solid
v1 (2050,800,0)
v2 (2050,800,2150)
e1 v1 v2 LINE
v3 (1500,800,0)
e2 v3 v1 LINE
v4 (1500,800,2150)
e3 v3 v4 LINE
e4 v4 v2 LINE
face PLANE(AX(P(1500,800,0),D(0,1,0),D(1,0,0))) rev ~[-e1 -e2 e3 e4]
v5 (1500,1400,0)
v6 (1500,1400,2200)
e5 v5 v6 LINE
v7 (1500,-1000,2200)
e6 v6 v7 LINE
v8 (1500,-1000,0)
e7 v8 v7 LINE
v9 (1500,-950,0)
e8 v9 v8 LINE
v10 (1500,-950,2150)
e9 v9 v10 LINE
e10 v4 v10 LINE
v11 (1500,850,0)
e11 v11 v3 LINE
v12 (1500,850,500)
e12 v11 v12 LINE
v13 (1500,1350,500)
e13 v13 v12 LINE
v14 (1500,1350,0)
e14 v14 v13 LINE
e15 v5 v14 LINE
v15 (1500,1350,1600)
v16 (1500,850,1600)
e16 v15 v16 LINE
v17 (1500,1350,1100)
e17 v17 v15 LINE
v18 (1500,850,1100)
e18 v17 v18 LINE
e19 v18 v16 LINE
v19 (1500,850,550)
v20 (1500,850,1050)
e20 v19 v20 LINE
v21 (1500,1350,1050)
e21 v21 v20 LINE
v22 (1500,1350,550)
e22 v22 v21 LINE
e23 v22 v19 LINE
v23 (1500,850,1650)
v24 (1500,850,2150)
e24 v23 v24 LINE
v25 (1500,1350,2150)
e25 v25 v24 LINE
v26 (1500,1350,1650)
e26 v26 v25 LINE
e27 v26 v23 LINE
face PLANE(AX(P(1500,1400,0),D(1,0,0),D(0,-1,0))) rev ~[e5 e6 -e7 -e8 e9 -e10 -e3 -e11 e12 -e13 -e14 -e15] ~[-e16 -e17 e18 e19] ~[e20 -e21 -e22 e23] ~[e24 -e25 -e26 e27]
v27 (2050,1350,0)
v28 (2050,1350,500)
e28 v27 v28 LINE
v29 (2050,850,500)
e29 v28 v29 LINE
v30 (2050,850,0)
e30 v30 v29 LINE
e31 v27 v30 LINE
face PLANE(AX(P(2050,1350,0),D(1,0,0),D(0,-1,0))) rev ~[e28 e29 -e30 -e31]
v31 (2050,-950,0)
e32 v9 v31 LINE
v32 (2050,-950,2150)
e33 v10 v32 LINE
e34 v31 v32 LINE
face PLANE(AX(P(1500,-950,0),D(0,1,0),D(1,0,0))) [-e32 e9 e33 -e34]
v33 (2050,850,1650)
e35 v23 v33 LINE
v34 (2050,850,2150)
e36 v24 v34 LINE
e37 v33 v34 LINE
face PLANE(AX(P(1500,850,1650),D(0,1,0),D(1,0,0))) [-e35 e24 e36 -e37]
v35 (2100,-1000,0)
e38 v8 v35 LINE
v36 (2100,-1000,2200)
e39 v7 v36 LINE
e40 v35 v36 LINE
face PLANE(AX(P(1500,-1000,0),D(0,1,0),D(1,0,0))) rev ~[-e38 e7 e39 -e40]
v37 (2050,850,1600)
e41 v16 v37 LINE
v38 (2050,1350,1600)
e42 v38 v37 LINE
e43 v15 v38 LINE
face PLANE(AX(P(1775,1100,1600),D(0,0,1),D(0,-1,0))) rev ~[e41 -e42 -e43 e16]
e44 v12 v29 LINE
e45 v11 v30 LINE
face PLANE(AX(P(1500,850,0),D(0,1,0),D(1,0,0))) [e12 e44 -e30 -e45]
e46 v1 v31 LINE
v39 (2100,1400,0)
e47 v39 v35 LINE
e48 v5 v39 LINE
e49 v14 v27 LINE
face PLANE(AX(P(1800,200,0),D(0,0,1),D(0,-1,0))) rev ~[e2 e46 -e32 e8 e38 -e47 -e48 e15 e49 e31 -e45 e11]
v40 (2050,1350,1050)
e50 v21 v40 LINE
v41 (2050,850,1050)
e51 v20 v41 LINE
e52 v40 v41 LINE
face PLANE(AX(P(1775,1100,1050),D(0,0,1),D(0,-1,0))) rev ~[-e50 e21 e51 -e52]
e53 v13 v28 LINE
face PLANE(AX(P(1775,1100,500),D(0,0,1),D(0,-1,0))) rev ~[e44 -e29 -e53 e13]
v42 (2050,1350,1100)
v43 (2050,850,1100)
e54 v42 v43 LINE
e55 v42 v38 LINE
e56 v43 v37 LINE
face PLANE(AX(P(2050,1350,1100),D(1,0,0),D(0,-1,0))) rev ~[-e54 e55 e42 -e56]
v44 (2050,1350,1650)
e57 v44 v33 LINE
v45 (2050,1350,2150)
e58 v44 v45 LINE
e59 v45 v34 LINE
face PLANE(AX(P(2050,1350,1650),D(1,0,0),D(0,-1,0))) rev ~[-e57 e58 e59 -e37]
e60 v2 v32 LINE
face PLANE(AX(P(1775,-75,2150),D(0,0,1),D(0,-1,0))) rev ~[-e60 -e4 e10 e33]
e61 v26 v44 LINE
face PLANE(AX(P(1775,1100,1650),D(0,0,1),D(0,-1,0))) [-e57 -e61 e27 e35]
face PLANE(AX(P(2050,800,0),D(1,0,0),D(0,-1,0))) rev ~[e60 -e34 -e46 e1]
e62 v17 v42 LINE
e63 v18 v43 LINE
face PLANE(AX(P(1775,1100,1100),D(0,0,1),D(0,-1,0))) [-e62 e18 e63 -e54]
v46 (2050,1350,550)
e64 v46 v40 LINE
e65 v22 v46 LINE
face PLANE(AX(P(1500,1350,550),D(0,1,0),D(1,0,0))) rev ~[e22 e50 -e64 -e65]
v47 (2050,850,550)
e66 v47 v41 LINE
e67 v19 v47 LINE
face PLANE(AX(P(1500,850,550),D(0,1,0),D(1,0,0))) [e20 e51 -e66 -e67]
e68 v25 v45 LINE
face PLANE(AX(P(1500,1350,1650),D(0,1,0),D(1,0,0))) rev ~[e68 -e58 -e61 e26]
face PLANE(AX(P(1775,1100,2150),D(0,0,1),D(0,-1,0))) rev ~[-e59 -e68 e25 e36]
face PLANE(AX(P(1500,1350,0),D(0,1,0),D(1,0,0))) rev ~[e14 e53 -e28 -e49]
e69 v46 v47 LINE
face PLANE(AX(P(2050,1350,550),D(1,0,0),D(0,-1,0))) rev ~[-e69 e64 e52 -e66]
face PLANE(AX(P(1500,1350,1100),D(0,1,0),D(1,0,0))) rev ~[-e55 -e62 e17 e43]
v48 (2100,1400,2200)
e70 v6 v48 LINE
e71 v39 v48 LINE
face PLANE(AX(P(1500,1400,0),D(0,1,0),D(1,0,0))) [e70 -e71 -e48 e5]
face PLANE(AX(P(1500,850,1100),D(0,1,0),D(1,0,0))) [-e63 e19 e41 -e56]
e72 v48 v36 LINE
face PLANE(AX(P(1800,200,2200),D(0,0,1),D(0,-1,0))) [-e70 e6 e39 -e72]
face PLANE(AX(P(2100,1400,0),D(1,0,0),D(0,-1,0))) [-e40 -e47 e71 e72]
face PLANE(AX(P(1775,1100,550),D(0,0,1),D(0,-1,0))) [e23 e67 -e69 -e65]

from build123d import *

# Parameters (mm, degrees)
BOX3569_W        = 1750
BOX3569_H        = 550
BOX3569_DEPTH    = 2150
BOX3519_W        = 500
BOX3519_H        = 550
BOX3519_DEPTH    = 500
ARRAY278_Z_COUNT = 4
ARRAY278_Z_PITCH = 550
BOX3116_W        = 2400
BOX3116_H        = 600
BOX3116_DEPTH    = 2200


with BuildPart() as box3569:
    # Box3569 → Box3569 (new body)
    with BuildSketch(Plane(origin=(1600, 800, 0), x_dir=(0, -1, 0), z_dir=(0, 0, 1))):
        with Locations((875, 275)):
            Rectangle(BOX3569_W, BOX3569_H)
    extrude(amount=BOX3569_DEPTH)


with BuildPart() as array278:
    # Box3519 → Box3519 (new body)
    with BuildSketch(Plane(origin=(1600, 1350, 0), x_dir=(0, -1, 0), z_dir=(0, 0, 1))):
        with Locations((250, 275)):
            Rectangle(BOX3519_W, BOX3519_H)
    extrude(amount=BOX3519_DEPTH)

    # Array278 Z: Array278 ×4


with BuildPart() as array278_1:
    add(array278.part)
    with Locations(*[(0, 0, i * ARRAY278_Z_PITCH) for i in range(1, ARRAY278_Z_COUNT)]):
        add(array278.part)


with BuildPart() as cut005:
    # Box3116 → Box3116 (new body)
    with BuildSketch(Plane(origin=(1600, 1400, 0), x_dir=(0, -1, 0), z_dir=(0, 0, 1))):
        with Locations((1200, 300)):
            Rectangle(BOX3116_W, BOX3116_H)
    extrude(amount=BOX3116_DEPTH)

    # Cut: cut Array278
    add(array278_1.part, mode=Mode.SUBTRACT)

    # Cut005: cut Box3569
    add(box3569.part, mode=Mode.SUBTRACT)


with BuildPart() as cut005_1:
    # Cut005 placement: moved
    add(cut005.part.moved(Location((-100, 0, 0))))


solid = cut005_1.part
